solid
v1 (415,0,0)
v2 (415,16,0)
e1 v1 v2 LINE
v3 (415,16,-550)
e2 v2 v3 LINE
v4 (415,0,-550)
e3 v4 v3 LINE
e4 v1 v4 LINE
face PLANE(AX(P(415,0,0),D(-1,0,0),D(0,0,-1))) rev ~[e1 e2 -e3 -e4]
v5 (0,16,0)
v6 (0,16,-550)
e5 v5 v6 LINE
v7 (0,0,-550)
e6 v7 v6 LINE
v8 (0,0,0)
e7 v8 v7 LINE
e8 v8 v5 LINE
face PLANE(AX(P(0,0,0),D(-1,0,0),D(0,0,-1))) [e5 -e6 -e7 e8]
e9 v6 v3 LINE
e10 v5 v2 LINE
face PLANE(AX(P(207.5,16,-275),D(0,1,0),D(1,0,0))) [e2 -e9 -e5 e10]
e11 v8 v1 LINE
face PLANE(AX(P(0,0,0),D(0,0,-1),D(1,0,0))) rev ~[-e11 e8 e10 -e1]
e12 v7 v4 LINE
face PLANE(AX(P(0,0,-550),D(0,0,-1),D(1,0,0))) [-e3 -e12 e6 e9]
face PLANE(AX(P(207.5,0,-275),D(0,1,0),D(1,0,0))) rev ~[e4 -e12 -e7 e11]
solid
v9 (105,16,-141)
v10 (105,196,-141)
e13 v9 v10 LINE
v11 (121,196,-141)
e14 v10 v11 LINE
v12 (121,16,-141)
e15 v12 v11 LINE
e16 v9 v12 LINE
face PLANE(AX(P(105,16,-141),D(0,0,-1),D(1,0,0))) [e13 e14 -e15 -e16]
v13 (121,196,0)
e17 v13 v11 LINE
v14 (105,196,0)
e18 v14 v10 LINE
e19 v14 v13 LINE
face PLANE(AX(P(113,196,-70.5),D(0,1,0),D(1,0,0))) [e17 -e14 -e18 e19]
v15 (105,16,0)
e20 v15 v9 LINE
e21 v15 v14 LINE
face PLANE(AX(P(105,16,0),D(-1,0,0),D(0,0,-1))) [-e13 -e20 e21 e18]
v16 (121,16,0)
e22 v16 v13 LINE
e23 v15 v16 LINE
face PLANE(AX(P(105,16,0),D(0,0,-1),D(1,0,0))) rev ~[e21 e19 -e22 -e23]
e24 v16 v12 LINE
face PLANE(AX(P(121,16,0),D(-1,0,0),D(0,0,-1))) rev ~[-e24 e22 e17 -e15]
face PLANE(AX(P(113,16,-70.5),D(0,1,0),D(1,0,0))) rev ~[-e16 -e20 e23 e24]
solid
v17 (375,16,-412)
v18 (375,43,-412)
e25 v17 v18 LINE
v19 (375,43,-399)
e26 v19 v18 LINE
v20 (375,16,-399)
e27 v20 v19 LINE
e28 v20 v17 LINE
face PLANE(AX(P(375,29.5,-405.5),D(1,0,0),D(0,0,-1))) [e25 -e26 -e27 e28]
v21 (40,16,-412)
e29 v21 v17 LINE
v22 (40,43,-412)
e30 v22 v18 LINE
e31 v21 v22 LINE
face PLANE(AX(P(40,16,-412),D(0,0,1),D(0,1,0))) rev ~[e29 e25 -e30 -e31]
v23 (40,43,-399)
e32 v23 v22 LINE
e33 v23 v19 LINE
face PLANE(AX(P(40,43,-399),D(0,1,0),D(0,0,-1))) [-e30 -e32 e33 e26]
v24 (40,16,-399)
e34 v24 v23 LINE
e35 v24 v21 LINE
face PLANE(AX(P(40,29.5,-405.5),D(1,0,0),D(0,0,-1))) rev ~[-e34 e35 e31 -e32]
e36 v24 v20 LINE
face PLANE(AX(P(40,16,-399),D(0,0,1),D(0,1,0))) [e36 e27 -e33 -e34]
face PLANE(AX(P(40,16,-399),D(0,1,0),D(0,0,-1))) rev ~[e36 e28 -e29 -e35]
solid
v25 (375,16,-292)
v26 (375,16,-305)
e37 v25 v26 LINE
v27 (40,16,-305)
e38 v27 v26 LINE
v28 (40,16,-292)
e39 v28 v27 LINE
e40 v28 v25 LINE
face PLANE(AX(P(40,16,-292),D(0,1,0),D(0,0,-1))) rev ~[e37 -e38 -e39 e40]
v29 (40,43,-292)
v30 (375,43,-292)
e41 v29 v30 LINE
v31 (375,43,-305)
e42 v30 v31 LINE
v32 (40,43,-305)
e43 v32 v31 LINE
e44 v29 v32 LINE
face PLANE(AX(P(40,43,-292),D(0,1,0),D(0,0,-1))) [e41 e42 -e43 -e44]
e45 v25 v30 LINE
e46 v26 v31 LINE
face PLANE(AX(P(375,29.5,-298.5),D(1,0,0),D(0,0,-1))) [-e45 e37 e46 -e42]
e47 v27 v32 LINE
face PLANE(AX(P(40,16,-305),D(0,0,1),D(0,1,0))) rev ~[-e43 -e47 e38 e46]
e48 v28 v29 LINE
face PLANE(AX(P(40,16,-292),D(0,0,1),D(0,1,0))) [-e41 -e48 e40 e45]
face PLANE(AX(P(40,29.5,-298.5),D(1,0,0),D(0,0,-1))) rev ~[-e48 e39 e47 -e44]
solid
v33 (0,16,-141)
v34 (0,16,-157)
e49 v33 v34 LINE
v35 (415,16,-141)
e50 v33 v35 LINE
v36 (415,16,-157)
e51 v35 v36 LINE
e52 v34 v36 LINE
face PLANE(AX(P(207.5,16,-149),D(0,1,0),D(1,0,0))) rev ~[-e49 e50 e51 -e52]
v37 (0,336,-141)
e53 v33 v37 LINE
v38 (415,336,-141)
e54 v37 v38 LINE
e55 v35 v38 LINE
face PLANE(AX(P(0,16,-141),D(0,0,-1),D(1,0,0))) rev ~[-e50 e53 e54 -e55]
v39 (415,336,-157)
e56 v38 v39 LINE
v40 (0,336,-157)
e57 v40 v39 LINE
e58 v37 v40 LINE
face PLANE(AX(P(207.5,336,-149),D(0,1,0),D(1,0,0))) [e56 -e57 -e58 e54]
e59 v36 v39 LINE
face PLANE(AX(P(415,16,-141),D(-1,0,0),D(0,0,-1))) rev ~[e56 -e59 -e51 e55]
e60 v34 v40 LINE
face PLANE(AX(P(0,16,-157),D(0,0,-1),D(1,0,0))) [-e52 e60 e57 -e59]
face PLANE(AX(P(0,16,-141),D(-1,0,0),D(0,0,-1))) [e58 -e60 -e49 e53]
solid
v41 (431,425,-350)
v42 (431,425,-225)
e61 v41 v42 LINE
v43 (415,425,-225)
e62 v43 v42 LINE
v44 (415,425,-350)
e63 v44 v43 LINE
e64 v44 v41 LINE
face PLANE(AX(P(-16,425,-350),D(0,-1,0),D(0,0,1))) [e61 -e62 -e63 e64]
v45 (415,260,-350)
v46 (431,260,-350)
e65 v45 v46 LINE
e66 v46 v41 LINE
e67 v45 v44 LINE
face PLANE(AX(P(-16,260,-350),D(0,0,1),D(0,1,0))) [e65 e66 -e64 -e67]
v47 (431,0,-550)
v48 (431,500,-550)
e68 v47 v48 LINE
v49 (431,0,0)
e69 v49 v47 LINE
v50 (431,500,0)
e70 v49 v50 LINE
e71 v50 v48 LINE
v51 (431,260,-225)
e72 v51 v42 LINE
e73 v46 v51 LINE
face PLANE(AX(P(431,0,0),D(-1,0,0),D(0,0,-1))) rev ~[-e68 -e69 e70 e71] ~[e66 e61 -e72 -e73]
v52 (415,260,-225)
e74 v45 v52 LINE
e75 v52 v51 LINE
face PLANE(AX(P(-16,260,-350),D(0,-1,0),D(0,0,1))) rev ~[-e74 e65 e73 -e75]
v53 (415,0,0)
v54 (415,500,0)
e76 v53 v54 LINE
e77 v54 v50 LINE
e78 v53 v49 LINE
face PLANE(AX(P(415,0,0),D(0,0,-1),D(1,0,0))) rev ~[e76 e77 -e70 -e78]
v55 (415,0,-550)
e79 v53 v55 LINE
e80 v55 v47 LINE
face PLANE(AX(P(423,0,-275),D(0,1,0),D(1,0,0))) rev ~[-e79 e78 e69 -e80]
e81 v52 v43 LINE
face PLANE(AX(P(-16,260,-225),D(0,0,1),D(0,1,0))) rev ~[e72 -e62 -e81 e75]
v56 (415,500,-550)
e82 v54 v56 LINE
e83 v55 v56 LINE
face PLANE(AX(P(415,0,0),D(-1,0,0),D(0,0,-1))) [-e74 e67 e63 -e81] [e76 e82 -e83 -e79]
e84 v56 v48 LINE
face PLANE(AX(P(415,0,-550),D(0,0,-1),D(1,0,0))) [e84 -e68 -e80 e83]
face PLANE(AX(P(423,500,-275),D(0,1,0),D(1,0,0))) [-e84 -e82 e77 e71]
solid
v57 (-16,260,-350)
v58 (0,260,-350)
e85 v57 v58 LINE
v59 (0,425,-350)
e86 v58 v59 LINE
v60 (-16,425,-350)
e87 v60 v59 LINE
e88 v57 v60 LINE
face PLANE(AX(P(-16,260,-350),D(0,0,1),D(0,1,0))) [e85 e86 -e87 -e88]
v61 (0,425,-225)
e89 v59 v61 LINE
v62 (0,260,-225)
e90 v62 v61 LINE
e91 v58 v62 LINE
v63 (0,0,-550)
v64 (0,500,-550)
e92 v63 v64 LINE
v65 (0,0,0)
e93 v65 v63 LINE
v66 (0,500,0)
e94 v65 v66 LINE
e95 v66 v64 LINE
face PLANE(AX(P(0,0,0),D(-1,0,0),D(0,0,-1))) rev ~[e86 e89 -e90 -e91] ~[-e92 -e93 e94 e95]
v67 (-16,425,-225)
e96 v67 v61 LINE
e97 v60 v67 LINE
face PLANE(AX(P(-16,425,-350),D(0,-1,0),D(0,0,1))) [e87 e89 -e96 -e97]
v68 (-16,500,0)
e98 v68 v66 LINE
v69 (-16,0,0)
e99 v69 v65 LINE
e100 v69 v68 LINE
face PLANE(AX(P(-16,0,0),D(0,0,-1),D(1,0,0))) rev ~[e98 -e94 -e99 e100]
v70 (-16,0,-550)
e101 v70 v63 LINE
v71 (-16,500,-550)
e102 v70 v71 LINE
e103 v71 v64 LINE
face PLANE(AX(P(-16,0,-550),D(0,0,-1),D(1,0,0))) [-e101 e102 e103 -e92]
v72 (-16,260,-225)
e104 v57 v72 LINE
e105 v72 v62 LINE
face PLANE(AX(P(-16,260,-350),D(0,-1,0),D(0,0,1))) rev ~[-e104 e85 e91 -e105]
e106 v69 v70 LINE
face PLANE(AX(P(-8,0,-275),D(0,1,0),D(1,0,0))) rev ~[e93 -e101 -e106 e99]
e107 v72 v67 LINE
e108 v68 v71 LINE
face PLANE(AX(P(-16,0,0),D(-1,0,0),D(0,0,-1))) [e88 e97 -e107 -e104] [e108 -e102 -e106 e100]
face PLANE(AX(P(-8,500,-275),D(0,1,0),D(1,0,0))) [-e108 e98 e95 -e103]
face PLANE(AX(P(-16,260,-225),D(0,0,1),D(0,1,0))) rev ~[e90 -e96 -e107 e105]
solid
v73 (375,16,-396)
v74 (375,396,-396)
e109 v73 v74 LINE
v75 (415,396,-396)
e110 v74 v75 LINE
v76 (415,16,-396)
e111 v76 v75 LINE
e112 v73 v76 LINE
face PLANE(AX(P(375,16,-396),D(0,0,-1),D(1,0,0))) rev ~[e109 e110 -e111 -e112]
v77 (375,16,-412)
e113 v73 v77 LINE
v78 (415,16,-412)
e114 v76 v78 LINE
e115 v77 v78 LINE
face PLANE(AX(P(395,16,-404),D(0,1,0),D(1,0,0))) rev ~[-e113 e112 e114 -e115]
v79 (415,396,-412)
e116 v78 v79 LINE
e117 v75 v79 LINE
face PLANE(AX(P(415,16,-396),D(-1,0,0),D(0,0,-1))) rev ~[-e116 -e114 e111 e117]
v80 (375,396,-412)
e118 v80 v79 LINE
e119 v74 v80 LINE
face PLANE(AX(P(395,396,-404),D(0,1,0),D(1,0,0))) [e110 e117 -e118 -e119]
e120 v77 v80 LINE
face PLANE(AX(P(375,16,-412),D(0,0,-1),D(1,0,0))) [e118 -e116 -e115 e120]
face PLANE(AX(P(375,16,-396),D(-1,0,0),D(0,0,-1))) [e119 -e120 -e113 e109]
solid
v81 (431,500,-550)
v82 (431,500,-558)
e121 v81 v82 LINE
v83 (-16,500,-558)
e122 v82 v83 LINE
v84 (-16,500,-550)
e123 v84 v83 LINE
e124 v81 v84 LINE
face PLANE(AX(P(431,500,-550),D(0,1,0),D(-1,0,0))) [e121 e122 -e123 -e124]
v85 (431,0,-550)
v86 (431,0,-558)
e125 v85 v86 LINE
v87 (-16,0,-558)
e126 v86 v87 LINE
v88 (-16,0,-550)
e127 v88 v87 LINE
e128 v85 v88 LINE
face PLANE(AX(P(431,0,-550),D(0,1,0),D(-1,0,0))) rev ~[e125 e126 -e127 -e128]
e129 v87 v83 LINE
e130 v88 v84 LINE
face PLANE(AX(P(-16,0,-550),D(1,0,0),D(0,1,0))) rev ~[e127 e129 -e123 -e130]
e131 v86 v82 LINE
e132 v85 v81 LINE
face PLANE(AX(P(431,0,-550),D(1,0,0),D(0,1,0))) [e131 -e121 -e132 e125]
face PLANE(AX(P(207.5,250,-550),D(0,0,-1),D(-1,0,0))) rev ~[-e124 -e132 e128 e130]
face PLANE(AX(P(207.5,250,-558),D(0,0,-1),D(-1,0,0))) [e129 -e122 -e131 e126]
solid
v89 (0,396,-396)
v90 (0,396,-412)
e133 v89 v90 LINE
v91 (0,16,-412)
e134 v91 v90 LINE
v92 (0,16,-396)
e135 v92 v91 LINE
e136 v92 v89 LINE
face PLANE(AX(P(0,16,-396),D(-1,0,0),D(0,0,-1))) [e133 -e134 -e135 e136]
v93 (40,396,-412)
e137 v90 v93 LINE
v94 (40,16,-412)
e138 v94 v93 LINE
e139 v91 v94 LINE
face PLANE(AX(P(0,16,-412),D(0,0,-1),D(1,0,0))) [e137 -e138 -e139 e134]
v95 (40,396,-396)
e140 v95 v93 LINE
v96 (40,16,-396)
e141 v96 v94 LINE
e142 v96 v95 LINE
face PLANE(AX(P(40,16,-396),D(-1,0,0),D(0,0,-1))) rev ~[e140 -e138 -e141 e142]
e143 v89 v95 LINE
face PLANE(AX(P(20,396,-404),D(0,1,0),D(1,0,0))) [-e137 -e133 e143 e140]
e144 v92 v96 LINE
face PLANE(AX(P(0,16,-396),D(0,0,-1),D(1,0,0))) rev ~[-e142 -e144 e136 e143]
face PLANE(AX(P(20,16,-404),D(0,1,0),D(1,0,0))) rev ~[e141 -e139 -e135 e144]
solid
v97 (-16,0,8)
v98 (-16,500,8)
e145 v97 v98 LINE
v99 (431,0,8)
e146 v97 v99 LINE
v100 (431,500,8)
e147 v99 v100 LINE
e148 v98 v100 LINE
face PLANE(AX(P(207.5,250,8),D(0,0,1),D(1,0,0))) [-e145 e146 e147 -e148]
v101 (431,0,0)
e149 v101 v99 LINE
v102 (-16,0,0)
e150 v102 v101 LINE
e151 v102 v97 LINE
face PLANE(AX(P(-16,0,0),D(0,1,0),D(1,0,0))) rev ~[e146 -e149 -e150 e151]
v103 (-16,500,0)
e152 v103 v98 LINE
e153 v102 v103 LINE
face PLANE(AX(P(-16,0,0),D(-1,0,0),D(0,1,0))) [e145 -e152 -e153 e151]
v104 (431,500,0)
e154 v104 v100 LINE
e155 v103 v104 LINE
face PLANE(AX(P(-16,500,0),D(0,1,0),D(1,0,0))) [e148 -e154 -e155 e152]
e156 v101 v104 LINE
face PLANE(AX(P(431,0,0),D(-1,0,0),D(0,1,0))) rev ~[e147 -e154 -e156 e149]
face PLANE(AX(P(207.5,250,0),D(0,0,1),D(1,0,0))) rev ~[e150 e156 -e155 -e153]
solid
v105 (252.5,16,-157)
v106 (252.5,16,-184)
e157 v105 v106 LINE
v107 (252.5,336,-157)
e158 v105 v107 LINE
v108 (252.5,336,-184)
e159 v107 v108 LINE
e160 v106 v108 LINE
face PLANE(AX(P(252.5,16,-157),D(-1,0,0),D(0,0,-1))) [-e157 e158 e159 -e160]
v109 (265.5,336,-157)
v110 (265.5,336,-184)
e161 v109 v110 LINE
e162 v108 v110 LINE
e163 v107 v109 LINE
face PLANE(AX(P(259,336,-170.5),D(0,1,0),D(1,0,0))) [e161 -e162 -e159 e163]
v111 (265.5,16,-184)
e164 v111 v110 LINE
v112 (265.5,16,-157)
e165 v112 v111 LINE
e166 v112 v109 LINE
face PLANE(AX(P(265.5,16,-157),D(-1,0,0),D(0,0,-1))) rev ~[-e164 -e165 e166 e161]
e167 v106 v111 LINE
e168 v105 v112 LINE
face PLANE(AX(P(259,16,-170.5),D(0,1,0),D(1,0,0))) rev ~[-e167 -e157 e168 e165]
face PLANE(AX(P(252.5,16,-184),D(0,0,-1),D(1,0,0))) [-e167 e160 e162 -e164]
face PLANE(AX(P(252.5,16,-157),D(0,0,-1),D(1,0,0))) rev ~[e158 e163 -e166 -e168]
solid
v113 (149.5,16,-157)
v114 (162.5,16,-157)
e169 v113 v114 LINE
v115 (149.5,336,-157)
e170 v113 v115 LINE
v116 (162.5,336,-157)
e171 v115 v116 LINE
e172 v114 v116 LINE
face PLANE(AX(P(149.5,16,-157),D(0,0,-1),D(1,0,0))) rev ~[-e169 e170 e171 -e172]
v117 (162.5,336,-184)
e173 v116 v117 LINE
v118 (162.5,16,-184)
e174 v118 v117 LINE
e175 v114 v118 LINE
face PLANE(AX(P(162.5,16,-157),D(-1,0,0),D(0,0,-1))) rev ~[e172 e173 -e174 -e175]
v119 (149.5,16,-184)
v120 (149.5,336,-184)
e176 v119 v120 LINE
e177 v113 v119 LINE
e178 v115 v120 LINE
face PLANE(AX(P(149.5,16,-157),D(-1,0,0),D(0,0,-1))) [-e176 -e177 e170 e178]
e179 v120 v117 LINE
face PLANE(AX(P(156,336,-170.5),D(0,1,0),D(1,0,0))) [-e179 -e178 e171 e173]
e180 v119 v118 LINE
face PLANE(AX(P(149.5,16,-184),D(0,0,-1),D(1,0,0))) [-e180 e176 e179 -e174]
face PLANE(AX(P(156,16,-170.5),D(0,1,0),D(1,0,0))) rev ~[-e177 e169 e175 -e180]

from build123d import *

# Parameters (mm, degrees)
ESQUISSE1_W             = 415
ESQUISSE1_H             = 550
BOSS_EXTRU_1_DEPTH      = 16
BOSS_EXTRU_2_START      = 40
ESQUISSE2_W             = 13
ESQUISSE2_H             = 27
BOSS_EXTRU_2_DEPTH      = 335
BOSS_EXTRU_2_2_DEPTH    = 335
ESQUISSE3_W             = 16
ESQUISSE3_H             = 550
BOSS_EXTRU_3_DEPTH      = 500
BOSS_EXTRU_3_2_DEPTH    = 500
ESQUISSE4_W             = 125
ESQUISSE4_H             = 165
ENL_V_MAT_EXTRU_1_DEPTH = 868.357481088
ESQUISSE5_W             = 415
ESQUISSE5_H             = 16
BOSS_EXTRU_4_DEPTH      = 320
ESQUISSE6_W             = 447
ESQUISSE6_H             = 500
BOSS_EXTRU_5_DEPTH      = 8
ESQUISSE7_W             = 447
ESQUISSE7_H             = 500
BOSS_EXTRU_6_DEPTH      = 8
ESQUISSE9_W             = 40
ESQUISSE9_H             = 16
BOSS_EXTRU_8_DEPTH      = 380
BOSS_EXTRU_8_2_DEPTH    = 380
ESQUISSE10_W            = 16
ESQUISSE10_H            = 141
BOSS_EXTRU_9_DEPTH      = 180
ESQUISSE11_W            = 13
ESQUISSE11_H            = 27
BOSS_EXTRU_10_DEPTH     = 320
BOSS_EXTRU_10_2_DEPTH   = 320


with BuildPart() as part:
    # Esquisse1 → Boss.-Extru.1 (new body)
    with BuildSketch(Plane(origin=(0, 0, 0), x_dir=(1, 0, 0), z_dir=(0, 1, 0))):
        with Locations((207.5, 275)):
            Rectangle(ESQUISSE1_W, ESQUISSE1_H)
    extrude(amount=BOSS_EXTRU_1_DEPTH)


with BuildPart() as body_2:
    # Esquisse2 → Boss.-Extru.2 (new body)
    with BuildSketch(Plane(origin=(0, 0, -500), x_dir=(0, 0, -1), z_dir=(1, 0, 0)).offset(BOSS_EXTRU_2_START)):
        with Locations((-201.5, 29.5)):
            Rectangle(ESQUISSE2_W, ESQUISSE2_H)
    extrude(amount=BOSS_EXTRU_2_DEPTH)


with BuildPart() as body_3:
    # Esquisse2 → Boss.-Extru.2 2 (new body)
    with BuildSketch(Plane(origin=(0, 0, -500), x_dir=(0, 0, -1), z_dir=(1, 0, 0)).offset(BOSS_EXTRU_2_START)):
        with Locations((-94.5, 29.5)):
            Rectangle(ESQUISSE2_W, ESQUISSE2_H)
    extrude(amount=BOSS_EXTRU_2_2_DEPTH)


with BuildPart() as body_4:
    # Esquisse3 → Boss.-Extru.3 (new body)
    with BuildSketch(Plane(origin=(0, 0, 0), x_dir=(1, 0, 0), z_dir=(0, 1, 0))):
        with Locations((-8, 275)):
            Rectangle(ESQUISSE3_W, ESQUISSE3_H)
    extrude(amount=BOSS_EXTRU_3_DEPTH)


with BuildPart() as body_5:
    # Esquisse3 → Boss.-Extru.3 2 (new body)
    with BuildSketch(Plane(origin=(0, 0, 0), x_dir=(1, 0, 0), z_dir=(0, 1, 0))):
        with Locations((423, 275)):
            Rectangle(ESQUISSE3_W, ESQUISSE3_H)
    extrude(amount=BOSS_EXTRU_3_2_DEPTH)


with BuildPart() as enl_v_mat_extru_1_tool:
    # Esquisse4 → Enlèv. mat.-Extru.1 (new, through all)
    with BuildSketch(Plane.ZY.offset(16)):
        with Locations((-287.5, 342.5)):
            Rectangle(ESQUISSE4_W, ESQUISSE4_H)
    extrude(amount=-ENL_V_MAT_EXTRU_1_DEPTH)


with BuildPart() as body_4_1:
    add(body_4.part)

    # Enlèv. mat.-Extru.1: cut by enl_v_mat_extru_1_tool
    add(enl_v_mat_extru_1_tool.part, mode=Mode.SUBTRACT)


with BuildPart() as body_5_1:
    add(body_5.part)

    # Enlèv. mat.-Extru.1: cut by enl_v_mat_extru_1_tool
    add(enl_v_mat_extru_1_tool.part, mode=Mode.SUBTRACT)


with BuildPart() as body_6:
    # Esquisse5 → Boss.-Extru.4 (new body)
    with BuildSketch(Plane(origin=(0, 16, 0), x_dir=(1, 0, 0), z_dir=(0, 1, 0))):
        with Locations((207.5, 149)):
            Rectangle(ESQUISSE5_W, ESQUISSE5_H)
    extrude(amount=BOSS_EXTRU_4_DEPTH)


with BuildPart() as body_7:
    # Esquisse6 → Boss.-Extru.5 (new body)
    with BuildSketch(Plane(origin=(0, 0, -550), x_dir=(-1, 0, 0), z_dir=(0, 0, -1))):
        with Locations((-207.5, 250)):
            Rectangle(ESQUISSE6_W, ESQUISSE6_H)
    extrude(amount=BOSS_EXTRU_5_DEPTH)


with BuildPart() as body_8:
    # Esquisse7 → Boss.-Extru.6 (new body)
    with BuildSketch(Plane.XY):
        with Locations((207.5, 250)):
            Rectangle(ESQUISSE7_W, ESQUISSE7_H)
    extrude(amount=BOSS_EXTRU_6_DEPTH)


with BuildPart() as body_9:
    # Esquisse9 → Boss.-Extru.8 (new body)
    with BuildSketch(Plane(origin=(0, 16, 0), x_dir=(1, 0, 0), z_dir=(0, 1, 0))):
        with Locations((20, 404)):
            Rectangle(ESQUISSE9_W, ESQUISSE9_H)
    extrude(amount=BOSS_EXTRU_8_DEPTH)


with BuildPart() as body_10:
    # Esquisse9 → Boss.-Extru.8 2 (new body)
    with BuildSketch(Plane(origin=(0, 16, 0), x_dir=(1, 0, 0), z_dir=(0, 1, 0))):
        with Locations((395, 404)):
            Rectangle(ESQUISSE9_W, ESQUISSE9_H)
    extrude(amount=BOSS_EXTRU_8_2_DEPTH)


with BuildPart() as body_11:
    # Esquisse10 → Boss.-Extru.9 (new body)
    with BuildSketch(Plane(origin=(0, 16, 0), x_dir=(1, 0, 0), z_dir=(0, 1, 0))):
        with Locations((113, 70.5)):
            Rectangle(ESQUISSE10_W, ESQUISSE10_H)
    extrude(amount=BOSS_EXTRU_9_DEPTH)


with BuildPart() as body_12:
    # Esquisse11 → Boss.-Extru.10 (new body)
    with BuildSketch(Plane(origin=(0, 16, 0), x_dir=(1, 0, 0), z_dir=(0, 1, 0))):
        with Locations((156, 170.5)):
            Rectangle(ESQUISSE11_W, ESQUISSE11_H)
    extrude(amount=BOSS_EXTRU_10_DEPTH)


with BuildPart() as body_13:
    # Esquisse11 → Boss.-Extru.10 2 (new body)
    with BuildSketch(Plane(origin=(0, 16, 0), x_dir=(1, 0, 0), z_dir=(0, 1, 0))):
        with Locations((259, 170.5)):
            Rectangle(ESQUISSE11_W, ESQUISSE11_H)
    extrude(amount=BOSS_EXTRU_10_2_DEPTH)


solid = Compound([part.part, body_2.part, body_3.part, body_4_1.part, body_5_1.part, body_6.part, body_7.part, body_8.part, body_9.part, body_10.part, body_11.part, body_12.part, body_13.part])
